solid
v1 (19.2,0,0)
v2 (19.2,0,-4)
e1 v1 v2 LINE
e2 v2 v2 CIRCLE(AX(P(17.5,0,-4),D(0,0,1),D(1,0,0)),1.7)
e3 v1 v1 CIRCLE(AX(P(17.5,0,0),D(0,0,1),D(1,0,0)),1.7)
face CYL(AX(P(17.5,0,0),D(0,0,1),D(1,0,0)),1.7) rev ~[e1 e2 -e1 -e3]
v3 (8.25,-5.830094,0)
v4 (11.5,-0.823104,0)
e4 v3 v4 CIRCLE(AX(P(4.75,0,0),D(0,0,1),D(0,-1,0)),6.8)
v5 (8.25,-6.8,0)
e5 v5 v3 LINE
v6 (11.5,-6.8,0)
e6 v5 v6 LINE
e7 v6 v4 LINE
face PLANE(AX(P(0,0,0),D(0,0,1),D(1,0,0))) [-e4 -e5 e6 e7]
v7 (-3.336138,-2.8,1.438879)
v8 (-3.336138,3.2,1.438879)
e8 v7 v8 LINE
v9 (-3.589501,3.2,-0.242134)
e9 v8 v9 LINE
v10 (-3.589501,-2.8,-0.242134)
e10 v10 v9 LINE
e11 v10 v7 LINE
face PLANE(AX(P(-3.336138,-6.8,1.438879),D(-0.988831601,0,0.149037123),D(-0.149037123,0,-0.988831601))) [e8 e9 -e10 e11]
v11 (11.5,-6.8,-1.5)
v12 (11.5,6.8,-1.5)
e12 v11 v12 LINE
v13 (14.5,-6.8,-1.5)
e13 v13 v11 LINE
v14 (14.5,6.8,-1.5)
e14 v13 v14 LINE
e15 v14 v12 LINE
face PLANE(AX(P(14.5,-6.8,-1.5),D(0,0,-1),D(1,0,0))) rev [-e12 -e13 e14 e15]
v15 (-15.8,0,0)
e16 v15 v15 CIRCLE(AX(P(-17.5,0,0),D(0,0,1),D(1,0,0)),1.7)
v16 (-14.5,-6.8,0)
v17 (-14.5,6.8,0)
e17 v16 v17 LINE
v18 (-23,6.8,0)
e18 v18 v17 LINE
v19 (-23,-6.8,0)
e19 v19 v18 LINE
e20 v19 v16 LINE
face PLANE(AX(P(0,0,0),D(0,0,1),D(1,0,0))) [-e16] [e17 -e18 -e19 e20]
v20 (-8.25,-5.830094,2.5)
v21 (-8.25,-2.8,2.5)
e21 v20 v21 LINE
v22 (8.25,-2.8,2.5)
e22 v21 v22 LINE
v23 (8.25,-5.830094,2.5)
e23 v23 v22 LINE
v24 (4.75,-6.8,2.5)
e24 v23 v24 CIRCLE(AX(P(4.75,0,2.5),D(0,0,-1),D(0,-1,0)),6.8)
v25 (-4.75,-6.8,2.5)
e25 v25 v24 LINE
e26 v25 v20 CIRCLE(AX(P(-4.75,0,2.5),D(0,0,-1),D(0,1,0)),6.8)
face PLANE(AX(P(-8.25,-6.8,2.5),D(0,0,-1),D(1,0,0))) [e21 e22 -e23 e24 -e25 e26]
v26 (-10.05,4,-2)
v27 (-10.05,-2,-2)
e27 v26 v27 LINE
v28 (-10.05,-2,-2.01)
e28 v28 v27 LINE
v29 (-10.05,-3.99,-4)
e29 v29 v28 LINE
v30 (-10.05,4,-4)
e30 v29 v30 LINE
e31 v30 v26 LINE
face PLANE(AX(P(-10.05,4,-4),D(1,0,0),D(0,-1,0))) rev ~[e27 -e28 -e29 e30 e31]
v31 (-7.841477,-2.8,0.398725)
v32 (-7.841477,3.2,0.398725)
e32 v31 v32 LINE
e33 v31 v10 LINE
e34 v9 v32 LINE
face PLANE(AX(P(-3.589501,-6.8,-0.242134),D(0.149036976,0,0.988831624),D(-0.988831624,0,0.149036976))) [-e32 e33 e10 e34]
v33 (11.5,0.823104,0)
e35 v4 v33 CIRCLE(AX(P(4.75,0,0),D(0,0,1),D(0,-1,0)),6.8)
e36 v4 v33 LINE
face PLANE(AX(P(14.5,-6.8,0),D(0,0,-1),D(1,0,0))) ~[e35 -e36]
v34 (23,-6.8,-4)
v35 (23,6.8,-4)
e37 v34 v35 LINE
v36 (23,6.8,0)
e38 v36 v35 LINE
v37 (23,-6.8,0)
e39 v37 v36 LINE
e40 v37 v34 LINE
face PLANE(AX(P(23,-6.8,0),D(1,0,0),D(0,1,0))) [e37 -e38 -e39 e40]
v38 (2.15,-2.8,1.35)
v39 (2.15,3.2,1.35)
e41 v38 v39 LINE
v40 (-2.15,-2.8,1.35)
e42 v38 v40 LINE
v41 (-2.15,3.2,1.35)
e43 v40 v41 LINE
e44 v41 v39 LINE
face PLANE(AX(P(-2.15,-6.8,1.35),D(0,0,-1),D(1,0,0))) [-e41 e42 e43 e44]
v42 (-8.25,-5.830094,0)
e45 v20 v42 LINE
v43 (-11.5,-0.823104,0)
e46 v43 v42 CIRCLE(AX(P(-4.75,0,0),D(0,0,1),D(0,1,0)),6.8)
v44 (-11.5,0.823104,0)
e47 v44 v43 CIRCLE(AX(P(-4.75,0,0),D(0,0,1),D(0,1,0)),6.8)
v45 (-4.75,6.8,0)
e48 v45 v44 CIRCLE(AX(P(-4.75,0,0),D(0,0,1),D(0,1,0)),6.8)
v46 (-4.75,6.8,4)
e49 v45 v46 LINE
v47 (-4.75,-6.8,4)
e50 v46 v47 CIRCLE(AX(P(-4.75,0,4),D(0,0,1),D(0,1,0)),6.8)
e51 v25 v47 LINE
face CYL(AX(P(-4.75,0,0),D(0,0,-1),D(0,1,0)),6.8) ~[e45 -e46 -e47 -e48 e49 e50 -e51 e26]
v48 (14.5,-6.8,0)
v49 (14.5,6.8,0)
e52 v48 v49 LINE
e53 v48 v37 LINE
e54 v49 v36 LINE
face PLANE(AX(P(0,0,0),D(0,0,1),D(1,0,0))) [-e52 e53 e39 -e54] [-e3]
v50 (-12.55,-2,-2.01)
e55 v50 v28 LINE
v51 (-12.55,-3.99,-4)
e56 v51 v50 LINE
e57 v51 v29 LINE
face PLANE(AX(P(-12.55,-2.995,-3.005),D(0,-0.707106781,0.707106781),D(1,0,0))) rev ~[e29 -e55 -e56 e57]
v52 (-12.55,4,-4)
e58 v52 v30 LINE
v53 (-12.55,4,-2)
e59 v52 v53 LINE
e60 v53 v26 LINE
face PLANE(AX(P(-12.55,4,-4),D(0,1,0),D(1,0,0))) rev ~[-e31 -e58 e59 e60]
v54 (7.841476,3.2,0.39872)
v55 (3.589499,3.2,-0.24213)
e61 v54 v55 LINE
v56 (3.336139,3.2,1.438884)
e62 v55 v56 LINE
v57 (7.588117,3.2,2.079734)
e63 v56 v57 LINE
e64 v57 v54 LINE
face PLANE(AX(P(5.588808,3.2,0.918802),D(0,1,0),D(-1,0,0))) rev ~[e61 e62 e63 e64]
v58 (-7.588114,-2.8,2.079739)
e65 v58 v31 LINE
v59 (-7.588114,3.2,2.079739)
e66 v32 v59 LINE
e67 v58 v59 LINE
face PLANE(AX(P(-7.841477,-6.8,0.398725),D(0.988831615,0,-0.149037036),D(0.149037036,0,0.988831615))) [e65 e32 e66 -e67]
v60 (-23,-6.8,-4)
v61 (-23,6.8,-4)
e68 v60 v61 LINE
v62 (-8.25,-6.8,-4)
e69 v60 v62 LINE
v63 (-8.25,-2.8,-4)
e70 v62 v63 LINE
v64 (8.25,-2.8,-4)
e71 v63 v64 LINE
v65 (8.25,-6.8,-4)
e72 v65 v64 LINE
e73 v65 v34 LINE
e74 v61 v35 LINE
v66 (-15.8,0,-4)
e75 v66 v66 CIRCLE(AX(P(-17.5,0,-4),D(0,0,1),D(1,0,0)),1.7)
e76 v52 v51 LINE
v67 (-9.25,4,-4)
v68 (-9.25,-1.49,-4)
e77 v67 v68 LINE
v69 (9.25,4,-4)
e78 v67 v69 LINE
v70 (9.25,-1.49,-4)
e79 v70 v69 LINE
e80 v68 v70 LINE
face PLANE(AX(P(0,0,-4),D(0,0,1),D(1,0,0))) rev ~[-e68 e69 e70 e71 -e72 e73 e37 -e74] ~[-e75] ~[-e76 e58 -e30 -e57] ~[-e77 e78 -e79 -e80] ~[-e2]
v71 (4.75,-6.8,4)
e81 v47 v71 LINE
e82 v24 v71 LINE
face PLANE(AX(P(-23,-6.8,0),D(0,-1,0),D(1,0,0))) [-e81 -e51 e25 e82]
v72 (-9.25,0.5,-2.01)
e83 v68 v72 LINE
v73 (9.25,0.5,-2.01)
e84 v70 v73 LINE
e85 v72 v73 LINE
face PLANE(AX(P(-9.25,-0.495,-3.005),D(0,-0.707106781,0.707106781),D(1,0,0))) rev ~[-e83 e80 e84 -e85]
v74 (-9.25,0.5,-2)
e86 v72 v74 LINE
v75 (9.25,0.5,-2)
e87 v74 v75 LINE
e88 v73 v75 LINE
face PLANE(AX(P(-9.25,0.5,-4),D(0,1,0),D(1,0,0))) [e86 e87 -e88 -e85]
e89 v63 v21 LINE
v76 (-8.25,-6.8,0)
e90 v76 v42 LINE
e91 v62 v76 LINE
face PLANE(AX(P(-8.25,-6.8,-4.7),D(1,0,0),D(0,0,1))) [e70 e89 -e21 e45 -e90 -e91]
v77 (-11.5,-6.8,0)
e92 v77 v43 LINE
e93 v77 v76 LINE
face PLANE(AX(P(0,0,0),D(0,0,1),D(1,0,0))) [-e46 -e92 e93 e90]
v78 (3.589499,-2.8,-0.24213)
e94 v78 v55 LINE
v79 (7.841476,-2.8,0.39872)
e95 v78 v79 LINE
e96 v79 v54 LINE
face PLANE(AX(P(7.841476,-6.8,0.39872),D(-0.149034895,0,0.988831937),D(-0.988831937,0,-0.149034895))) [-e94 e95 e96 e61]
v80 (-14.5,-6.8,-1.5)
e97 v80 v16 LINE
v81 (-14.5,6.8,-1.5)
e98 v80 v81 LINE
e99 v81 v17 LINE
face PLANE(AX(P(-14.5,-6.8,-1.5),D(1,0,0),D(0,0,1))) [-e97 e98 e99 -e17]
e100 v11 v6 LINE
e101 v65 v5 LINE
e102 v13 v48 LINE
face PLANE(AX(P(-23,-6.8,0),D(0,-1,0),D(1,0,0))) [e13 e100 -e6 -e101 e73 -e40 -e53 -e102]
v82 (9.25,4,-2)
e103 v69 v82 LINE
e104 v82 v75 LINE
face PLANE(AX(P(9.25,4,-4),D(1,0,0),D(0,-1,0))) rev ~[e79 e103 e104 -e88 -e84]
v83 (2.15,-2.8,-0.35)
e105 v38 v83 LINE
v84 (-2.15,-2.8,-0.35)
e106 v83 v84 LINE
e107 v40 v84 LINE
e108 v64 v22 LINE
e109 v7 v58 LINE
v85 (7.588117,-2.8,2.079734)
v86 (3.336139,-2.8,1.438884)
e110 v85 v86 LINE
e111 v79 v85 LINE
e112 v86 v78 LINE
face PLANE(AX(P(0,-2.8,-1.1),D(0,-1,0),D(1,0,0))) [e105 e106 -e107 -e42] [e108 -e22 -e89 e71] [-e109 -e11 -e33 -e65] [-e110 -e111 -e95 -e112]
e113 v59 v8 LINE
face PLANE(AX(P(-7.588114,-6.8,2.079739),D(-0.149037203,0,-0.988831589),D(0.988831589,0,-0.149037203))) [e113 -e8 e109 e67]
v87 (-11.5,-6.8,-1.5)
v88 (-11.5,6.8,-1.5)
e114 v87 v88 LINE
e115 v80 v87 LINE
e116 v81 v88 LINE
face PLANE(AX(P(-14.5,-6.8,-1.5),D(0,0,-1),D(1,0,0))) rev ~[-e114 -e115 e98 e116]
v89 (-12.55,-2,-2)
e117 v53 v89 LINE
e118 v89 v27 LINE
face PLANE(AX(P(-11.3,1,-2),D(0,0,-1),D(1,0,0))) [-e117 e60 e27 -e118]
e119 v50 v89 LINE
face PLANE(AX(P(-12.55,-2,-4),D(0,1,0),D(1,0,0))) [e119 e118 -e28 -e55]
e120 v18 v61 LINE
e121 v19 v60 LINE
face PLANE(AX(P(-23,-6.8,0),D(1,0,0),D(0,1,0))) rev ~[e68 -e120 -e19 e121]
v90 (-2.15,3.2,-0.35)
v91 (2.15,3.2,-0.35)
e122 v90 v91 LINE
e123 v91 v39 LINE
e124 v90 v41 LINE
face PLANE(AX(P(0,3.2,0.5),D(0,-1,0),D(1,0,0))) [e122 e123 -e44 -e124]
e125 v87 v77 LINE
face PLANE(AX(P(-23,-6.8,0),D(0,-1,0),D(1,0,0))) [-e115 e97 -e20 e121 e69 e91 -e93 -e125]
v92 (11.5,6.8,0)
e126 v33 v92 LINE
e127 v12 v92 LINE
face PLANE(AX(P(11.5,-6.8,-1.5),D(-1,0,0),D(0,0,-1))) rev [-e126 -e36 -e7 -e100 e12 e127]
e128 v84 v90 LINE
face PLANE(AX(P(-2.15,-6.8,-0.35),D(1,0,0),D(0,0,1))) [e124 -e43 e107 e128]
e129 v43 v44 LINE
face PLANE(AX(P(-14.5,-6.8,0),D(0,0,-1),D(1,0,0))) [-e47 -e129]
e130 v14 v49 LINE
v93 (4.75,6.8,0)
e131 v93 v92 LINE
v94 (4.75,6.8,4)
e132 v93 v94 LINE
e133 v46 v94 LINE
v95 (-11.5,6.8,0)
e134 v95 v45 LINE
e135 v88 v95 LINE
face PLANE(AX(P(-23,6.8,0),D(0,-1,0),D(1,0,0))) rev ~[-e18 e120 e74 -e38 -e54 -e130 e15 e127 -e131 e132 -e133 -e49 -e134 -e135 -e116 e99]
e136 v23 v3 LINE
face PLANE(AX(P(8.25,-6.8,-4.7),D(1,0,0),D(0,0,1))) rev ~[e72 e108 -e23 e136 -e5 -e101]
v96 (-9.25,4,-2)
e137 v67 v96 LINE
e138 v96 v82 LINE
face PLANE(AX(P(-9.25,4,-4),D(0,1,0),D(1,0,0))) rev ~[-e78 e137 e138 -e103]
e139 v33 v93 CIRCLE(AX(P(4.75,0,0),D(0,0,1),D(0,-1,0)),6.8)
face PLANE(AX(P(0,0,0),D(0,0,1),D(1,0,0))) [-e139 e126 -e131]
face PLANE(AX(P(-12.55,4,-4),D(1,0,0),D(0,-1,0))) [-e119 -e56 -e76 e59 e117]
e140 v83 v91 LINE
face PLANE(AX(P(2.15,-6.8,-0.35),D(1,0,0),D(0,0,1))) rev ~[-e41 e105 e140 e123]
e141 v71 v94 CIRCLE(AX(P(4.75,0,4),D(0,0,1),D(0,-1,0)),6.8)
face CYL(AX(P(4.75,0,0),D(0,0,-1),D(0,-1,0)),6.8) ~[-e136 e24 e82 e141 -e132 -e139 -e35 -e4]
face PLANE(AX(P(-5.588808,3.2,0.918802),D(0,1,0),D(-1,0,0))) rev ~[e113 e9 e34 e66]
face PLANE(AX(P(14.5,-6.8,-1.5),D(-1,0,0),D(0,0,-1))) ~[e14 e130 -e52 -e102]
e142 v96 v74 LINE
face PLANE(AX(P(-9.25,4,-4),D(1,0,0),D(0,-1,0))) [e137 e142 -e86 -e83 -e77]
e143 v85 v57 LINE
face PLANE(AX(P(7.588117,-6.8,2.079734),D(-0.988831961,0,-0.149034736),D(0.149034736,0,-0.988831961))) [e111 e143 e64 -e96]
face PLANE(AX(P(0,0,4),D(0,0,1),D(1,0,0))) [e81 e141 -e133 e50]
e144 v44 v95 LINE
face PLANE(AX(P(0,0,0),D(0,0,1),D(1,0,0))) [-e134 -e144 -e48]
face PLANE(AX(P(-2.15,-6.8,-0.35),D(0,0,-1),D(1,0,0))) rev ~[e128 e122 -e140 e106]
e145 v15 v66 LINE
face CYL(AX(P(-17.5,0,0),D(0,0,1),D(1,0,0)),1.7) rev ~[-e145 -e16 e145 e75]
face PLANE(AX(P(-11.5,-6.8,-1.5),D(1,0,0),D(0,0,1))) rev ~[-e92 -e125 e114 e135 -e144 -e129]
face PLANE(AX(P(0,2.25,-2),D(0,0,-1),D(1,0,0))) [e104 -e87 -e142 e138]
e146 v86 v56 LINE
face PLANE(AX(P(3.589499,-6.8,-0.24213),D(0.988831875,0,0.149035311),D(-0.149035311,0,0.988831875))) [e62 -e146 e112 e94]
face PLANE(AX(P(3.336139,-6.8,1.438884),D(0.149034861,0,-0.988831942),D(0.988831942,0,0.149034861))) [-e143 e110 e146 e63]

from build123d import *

# Parameters (mm, degrees)
SKETCH_W        = 46
SKETCH_H        = 13.6
SKETCH_R        = 1.7
PAD_DEPTH       = 4
PAD001_DEPTH    = 4
SKETCH002_W     = 4.3
SKETCH002_H     = 1.7
POCKET_DEPTH    = 10
SKETCH003_W     = 16.5
SKETCH003_H     = 7.2
POCKET001_DEPTH = 4
SKETCH004_W     = 3
SKETCH004_H     = 1.5
POCKET002_DEPTH = 110.862709
SKETCH005_W     = 18.5
SKETCH005_H     = 3.5
SKETCH005_W_2   = 2.5
SKETCH005_H_2   = 6
POCKET003_DEPTH = 2
CHAMFER_SIZE    = 1.99
CHAMFER001_SIZE = 1.99


with BuildPart() as part:
    # Sketch → Pad (new body)
    with BuildSketch(Plane.XY):
        Rectangle(SKETCH_W, SKETCH_H)
        with Locations((-17.5, 0)):
            Circle(SKETCH_R, mode=Mode.SUBTRACT)
        with Locations((17.5, 0)):
            Circle(SKETCH_R, mode=Mode.SUBTRACT)
    extrude(amount=-PAD_DEPTH)

    # Sketch001 → Pad001 (new body)
    with BuildSketch(Plane.XY):
        with BuildLine():
            ThreePointArc((-4.75, 6.8), (-11.55, 0), (-4.75, -6.8))
            Line((-4.75, -6.8), (4.75, -6.8))
            ThreePointArc((4.75, -6.8), (11.55, 0), (4.75, 6.8))
            Line((-4.75, 6.8), (4.75, 6.8))
        make_face()
    extrude(amount=PAD001_DEPTH)

    # Sketch002 → Pocket (cut)
    with BuildSketch(Plane.XZ.offset(6.8)):
        Polygon((-7.588114, 2.079739), (-3.336138, 1.438879), (-3.589501, -0.242134), (-7.841477, 0.398725), align=None)
        with Locations((0, 0.5)):
            Rectangle(SKETCH002_W, SKETCH002_H)
        Polygon((3.336139, 1.438884), (7.588117, 2.079734), (7.841476, 0.39872), (3.589499, -0.24213), align=None)
    extrude(amount=-POCKET_DEPTH, mode=Mode.SUBTRACT)

    # Sketch003 → Pocket001 (cut)
    with BuildSketch(Plane.XZ.offset(6.8)):
        with Locations((0, -1.1)):
            Rectangle(SKETCH003_W, SKETCH003_H)
    extrude(amount=-POCKET001_DEPTH, mode=Mode.SUBTRACT)

    # Sketch004 → Pocket002 (cut, through all)
    with BuildSketch(Plane.XZ.offset(6.8)):
        with Locations((-13, -0.75)):
            Rectangle(SKETCH004_W, SKETCH004_H)
    pocket002 = extrude(amount=-POCKET002_DEPTH, mode=Mode.SUBTRACT)

    # Mirrored: Pocket002 across Sketch004 V_Axis
    add(pocket002.mirror(Plane(origin=(0, -6.8, 0), x_dir=(0, -1, 0), z_dir=(1, 0, 0))), mode=Mode.SUBTRACT)

    # Sketch005 → Pocket003 (cut)
    with BuildSketch(Plane(origin=(0, 0, -4), x_dir=(1, 0, 0), z_dir=(0, 0, -1))):
        with Locations((0, -2.25)):
            Rectangle(SKETCH005_W, SKETCH005_H)
        with Locations((-11.3, -1)):
            Rectangle(SKETCH005_W_2, SKETCH005_H_2)
    extrude(amount=-POCKET003_DEPTH, mode=Mode.SUBTRACT)

    # Chamfer
    chamfer_edges = [part.edges().sort_by_distance(p)[0] for p in [
        (-11.3, -2, -4),
    ]]
    chamfer(chamfer_edges, length=CHAMFER_SIZE)

    # Chamfer001
    chamfer001_edges = [part.edges().sort_by_distance(p)[0] for p in [
        (0, 0.5, -4),
    ]]
    chamfer(chamfer001_edges, length=CHAMFER001_SIZE)


solid = part.part
